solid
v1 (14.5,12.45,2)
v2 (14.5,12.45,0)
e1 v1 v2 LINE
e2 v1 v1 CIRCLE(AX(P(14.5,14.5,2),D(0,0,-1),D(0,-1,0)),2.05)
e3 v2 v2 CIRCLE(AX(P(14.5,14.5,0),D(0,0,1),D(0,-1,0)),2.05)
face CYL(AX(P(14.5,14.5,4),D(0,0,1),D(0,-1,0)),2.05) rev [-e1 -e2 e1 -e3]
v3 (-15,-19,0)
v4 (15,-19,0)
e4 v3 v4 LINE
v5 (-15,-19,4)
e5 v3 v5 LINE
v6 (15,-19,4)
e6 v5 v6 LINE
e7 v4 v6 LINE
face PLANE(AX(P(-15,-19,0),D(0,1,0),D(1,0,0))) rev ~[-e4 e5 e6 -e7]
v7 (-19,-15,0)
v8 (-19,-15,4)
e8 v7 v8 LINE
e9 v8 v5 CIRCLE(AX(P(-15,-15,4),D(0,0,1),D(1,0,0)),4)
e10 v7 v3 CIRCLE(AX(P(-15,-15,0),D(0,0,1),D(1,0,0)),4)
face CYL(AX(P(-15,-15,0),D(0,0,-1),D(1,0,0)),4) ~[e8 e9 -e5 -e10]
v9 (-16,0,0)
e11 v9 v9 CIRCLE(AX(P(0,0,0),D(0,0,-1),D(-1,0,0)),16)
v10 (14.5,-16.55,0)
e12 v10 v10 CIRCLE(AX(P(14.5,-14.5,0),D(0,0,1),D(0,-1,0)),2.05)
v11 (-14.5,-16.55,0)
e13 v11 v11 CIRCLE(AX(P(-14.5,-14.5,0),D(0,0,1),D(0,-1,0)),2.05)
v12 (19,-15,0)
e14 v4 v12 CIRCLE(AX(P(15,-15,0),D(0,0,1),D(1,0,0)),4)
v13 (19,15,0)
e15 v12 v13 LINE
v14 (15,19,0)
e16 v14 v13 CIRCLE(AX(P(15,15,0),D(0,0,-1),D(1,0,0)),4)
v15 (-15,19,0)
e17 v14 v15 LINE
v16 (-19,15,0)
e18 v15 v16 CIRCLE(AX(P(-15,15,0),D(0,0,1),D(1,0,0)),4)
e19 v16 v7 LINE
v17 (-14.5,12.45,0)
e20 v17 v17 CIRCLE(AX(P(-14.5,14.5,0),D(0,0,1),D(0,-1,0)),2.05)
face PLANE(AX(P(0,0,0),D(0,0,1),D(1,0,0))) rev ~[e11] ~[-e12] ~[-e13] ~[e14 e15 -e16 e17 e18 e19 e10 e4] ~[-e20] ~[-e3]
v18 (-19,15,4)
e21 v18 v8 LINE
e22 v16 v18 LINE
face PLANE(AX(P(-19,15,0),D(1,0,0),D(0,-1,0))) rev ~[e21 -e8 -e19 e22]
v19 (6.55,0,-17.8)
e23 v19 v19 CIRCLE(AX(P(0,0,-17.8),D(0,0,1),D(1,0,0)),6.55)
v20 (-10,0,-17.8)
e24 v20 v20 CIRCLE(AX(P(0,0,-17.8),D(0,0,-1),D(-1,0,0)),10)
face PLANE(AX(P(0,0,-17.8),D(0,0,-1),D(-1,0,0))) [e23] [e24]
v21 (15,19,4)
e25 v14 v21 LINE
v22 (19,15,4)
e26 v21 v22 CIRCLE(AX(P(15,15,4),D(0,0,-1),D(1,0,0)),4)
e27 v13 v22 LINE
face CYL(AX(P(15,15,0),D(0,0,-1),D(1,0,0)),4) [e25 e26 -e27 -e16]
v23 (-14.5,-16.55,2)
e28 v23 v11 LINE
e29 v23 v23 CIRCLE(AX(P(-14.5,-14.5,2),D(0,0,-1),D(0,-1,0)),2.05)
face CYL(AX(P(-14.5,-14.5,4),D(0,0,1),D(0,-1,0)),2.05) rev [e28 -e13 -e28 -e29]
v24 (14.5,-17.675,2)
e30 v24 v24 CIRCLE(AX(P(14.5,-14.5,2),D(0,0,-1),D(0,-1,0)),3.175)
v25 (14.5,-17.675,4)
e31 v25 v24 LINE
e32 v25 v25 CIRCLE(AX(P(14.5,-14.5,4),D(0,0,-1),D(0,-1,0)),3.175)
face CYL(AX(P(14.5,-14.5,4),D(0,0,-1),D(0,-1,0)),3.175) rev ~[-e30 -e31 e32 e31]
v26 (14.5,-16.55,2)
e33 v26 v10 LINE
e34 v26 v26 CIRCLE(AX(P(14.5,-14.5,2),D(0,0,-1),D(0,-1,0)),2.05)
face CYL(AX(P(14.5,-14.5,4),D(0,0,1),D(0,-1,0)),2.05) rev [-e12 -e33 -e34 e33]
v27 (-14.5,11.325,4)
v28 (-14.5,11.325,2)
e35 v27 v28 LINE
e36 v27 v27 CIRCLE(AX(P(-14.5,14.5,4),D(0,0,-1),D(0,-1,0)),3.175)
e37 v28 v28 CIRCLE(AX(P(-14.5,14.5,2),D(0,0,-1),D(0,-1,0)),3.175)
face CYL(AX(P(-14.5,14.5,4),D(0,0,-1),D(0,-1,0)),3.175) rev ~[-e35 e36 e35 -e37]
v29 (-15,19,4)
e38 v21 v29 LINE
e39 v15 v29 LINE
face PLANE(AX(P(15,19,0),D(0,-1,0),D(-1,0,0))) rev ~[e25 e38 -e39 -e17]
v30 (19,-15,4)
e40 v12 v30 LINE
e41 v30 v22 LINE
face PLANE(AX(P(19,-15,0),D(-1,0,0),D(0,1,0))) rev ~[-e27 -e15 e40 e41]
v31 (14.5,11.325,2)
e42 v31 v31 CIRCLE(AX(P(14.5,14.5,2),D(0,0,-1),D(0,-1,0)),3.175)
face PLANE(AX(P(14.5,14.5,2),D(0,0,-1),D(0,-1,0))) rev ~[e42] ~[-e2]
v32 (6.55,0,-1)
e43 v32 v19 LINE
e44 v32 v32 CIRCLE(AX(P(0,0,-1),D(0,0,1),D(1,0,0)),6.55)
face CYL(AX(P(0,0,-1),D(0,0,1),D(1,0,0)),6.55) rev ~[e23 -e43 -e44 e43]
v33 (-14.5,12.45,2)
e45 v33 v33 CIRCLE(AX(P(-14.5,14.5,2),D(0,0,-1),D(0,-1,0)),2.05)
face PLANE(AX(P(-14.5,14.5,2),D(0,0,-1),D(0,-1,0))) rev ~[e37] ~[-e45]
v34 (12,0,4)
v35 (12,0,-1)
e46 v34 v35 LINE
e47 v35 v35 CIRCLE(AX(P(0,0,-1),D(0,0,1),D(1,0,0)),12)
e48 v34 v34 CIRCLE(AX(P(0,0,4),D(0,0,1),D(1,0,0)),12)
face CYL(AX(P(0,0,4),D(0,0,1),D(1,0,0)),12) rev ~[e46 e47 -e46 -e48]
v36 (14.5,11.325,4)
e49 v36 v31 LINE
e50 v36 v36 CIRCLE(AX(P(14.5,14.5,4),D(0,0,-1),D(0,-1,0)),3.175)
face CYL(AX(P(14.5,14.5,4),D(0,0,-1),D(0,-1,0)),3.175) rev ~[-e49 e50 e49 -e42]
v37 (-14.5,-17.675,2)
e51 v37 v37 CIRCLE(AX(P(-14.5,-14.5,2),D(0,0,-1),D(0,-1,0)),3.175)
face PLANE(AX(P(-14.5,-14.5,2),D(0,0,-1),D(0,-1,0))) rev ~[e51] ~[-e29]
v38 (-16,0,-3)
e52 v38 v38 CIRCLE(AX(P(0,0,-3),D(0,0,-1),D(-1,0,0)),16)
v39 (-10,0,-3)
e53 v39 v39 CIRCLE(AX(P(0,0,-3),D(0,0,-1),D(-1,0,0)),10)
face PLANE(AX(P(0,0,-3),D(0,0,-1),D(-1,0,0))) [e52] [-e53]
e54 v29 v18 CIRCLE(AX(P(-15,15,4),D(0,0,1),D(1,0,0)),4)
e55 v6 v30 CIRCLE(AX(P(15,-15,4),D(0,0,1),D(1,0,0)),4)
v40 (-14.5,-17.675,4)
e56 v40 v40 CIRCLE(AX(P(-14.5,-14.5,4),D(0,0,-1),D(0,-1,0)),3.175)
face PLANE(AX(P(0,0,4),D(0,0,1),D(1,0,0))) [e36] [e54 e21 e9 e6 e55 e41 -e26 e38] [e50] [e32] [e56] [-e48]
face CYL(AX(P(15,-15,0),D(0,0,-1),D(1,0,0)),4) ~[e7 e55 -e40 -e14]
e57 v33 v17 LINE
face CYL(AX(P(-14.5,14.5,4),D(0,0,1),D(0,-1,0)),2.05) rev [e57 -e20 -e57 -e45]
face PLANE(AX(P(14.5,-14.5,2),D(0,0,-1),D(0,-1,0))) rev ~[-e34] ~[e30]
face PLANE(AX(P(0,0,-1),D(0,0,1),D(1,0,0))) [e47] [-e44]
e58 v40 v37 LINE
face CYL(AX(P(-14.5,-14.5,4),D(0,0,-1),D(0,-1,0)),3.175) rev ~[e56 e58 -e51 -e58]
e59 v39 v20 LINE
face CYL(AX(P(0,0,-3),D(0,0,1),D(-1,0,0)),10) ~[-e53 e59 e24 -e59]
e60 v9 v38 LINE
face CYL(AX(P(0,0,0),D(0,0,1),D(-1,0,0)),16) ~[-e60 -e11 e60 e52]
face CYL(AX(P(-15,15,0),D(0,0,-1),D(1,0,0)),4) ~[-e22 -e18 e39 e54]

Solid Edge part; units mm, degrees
sketch "Sketch1" plane through (0, 0, 0) normal (0, 0, 1) x (1, 0, 0)
  line L0 (15, 19) -> (-15, 19)
  arc A0 (-15, 19) -> (-19, 15) centre (-15, 15) ccw
  line L1 (-19, 15) -> (-19, -15)
  arc A1 (-19, -15) -> (-15, -19) centre (-15, -15) ccw
  line L2 (-15, -19) -> (15, -19)
  arc A2 (15, -19) -> (19, -15) centre (15, -15) ccw
  line L3 (19, -15) -> (19, 15)
  arc A3 (15, 19) -> (19, 15) centre (15, 15) cw
  dimension "D1" = 38
  dimension "D2" = 38
  dimension "D3" = 4
  dimension "D4" = 19
  dimension "D5" = 19
extrude "Protrusion1" add sketch "Sketch1" along normal blind 4
sketch "Sketch2" plane through (0, 0, 0) normal (0, 0, -1) x (-1, 0, 0)
  circle A0 centre (0, 0) radius 16
  dimension "D1" = 32
extrude "Protrusion2" add sketch "Sketch2" along normal blind 3
sketch "Sketch3" plane through (0, 0, -3) normal (0, 0, -1) x (-1, 0, 0)
  circle A0 centre (0, 0) radius 10
  dimension "D1" = 20
extrude "Protrusion3" add sketch "Sketch3" along normal blind 14.8
sketch "Sketch4" plane through (0, 0, 4) normal (0, 0, 1) x (1, 0, 0)
  circle A0 centre (0, 0) radius 12
  dimension "D1" = 24
extrude "Cutout1" cut sketch "Sketch4" against normal blind 5
sketch "Sketch5" plane through (0, 0, -1) normal (0, 0, 1) x (1, 0, 0)
  circle A0 centre (0, 0) radius 6.55
  dimension "D1" = 13.1
extrude "Cutout2" cut sketch "Sketch5" against normal up to next
hole "Hole_1" at (-14.5, 14.5, 4) direction (0, 0, -1) diameter 4.1 end up to next counterbore diameter 6.35 counterbore depth 2
hole "Hole1" at (14.5, 14.5, 4) direction (0, 0, -1) diameter 4.1 end up to next counterbore diameter 6.35 counterbore depth 2
hole "Hole_3" at (14.5, -14.5, 4) direction (0, 0, -1) diameter 4.1 end up to next counterbore diameter 6.35 counterbore depth 2
hole "Hole_4" at (-14.5, -14.5, 4) direction (0, 0, -1) diameter 4.1 end up to next counterbore diameter 6.35 counterbore depth 2
properties part number "PLATE1" material "410 Stainless Steel"
